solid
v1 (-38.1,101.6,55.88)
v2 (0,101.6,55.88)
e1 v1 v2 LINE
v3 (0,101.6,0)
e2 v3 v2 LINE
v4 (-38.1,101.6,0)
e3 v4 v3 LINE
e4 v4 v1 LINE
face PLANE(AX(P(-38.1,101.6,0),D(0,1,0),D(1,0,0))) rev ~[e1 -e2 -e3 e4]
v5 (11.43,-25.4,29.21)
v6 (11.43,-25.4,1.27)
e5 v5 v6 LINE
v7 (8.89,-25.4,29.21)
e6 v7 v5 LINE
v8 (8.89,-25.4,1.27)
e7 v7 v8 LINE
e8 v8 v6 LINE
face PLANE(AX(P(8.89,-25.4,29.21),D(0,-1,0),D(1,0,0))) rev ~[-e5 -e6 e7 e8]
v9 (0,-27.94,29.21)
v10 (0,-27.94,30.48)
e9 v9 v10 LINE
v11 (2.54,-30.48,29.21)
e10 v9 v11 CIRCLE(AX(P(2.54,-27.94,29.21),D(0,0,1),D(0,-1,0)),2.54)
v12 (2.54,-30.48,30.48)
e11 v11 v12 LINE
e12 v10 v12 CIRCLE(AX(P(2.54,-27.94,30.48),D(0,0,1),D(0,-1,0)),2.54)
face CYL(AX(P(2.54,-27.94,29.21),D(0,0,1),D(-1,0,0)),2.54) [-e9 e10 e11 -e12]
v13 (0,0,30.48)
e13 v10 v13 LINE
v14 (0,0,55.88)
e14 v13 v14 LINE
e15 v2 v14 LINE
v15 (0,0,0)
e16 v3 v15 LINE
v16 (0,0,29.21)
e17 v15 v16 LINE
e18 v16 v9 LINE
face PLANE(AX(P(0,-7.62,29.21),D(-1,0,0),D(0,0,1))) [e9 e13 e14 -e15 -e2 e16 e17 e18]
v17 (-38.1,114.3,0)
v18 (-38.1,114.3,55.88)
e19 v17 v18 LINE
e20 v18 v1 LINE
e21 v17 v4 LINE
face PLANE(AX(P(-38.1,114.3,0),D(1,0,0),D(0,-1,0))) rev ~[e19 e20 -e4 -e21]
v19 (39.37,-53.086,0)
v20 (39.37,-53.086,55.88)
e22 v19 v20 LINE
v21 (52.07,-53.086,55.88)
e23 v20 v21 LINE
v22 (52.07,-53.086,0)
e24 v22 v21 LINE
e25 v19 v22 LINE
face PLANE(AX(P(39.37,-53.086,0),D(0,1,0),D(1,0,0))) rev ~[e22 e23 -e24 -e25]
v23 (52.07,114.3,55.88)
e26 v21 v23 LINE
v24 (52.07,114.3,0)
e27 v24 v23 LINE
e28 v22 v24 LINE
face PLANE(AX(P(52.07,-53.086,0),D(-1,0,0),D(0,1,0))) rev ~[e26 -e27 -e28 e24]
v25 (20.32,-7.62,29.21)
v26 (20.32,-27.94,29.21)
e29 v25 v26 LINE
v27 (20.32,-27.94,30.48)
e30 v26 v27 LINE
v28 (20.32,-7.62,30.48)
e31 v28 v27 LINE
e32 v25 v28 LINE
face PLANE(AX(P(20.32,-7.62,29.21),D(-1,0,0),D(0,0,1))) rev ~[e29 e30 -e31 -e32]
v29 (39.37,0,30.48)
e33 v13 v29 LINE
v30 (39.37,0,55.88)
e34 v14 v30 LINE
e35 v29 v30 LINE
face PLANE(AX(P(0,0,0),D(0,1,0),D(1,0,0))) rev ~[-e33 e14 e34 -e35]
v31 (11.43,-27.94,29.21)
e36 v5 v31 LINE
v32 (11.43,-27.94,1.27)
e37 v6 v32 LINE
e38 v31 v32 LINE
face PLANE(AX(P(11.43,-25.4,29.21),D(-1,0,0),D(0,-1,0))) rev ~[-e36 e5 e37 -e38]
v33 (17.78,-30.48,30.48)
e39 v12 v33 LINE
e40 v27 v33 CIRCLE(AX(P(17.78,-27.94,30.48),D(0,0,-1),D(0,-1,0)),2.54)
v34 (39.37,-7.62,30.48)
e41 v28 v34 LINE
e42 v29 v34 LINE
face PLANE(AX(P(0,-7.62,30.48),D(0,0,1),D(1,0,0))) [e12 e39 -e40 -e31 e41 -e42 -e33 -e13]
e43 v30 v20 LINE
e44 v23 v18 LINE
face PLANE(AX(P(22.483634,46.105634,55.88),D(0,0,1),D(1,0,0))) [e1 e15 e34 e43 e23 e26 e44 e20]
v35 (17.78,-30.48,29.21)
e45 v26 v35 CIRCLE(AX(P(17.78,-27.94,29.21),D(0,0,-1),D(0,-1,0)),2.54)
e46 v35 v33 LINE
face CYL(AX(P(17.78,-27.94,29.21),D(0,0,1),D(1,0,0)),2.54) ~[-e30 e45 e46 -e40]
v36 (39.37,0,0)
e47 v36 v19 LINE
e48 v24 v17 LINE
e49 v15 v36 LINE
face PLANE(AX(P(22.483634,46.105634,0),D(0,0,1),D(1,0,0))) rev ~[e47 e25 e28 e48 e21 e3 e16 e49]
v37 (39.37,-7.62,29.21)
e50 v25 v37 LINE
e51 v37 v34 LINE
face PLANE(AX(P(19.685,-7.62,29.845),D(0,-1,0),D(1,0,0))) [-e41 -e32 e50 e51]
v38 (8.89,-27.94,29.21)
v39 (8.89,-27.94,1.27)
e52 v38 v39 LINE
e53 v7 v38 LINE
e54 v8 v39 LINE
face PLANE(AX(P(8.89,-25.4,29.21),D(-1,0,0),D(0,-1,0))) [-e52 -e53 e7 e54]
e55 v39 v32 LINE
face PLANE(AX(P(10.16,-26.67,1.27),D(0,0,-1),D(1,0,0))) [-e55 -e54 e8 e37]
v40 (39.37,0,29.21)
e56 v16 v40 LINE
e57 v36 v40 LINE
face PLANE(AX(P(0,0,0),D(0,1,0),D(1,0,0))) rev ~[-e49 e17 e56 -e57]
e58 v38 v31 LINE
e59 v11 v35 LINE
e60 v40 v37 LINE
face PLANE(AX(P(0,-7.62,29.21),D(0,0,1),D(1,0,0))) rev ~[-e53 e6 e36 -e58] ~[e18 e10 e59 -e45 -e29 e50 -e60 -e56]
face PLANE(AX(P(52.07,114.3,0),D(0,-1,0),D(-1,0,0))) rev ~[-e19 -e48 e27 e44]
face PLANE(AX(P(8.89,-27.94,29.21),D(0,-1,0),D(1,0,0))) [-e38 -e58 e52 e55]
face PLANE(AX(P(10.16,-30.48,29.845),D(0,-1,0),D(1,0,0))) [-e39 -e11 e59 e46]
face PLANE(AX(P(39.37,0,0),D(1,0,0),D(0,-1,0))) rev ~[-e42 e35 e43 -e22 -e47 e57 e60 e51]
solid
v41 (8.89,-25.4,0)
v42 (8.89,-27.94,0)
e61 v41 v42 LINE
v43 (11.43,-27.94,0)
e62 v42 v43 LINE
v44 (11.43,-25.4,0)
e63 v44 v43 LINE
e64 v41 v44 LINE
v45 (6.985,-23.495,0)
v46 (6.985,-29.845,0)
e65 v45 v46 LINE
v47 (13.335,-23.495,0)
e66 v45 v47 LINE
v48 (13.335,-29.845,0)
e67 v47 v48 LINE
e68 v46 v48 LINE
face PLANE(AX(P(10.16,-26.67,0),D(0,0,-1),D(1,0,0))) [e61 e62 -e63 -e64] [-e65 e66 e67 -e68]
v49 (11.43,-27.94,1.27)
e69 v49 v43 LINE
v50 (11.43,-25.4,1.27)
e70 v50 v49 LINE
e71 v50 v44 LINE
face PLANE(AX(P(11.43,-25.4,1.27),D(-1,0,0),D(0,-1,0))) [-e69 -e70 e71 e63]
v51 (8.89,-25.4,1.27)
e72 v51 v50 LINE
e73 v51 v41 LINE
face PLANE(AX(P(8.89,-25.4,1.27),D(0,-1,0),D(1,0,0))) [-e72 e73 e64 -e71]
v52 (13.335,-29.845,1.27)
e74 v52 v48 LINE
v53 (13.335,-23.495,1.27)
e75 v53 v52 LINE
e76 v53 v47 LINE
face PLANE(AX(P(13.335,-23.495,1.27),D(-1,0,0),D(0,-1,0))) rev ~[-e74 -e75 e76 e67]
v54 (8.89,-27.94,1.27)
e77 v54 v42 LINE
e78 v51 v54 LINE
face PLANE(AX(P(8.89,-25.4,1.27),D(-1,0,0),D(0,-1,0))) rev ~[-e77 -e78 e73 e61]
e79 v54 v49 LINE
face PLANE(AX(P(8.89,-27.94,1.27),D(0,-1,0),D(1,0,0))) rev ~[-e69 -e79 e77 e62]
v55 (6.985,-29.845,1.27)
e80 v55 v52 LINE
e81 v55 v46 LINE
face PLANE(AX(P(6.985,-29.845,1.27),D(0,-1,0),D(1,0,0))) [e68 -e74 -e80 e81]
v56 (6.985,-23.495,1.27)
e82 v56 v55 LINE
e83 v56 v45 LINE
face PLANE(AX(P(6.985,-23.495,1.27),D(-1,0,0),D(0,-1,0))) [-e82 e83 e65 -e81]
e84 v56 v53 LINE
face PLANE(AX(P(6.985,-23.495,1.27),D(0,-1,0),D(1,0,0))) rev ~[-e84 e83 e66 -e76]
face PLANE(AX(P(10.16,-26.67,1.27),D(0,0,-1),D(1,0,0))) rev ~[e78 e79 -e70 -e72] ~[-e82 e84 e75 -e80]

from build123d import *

# Parameters (mm, degrees)
F1_DEPTH  = 55.88
F2_W      = 39.37
F2_H      = 1.27
F3_DEPTH  = 7.62
F4_W      = 20.32
F4_H      = 1.27
F5_DEPTH  = 22.86
F6_R      = 2.54
F7_W      = 2.54
F7_H      = 2.54
F8_DEPTH  = 27.94
F9_W      = 6.35
F9_H      = 6.35
F9_W_2    = 2.54
F9_H_2    = 2.54
F10_DEPTH = 1.27


with BuildPart() as f1:
    # F0 (on Top) → F1 (new body)
    with BuildSketch(Plane.XY):
        Polygon((0, 101.6), (0, 0), (39.37, 0), (39.37, -53.086), (52.07, -53.086), (52.07, 114.3), (-38.1, 114.3), (-38.1, 101.6), align=None)
    extrude(amount=F1_DEPTH)

    # F2 (on face) → F3 (join)
    with BuildSketch(Plane.XZ):
        with Locations((19.685, 29.845)):
            Rectangle(F2_W, F2_H)
    extrude(amount=F3_DEPTH)

    # F4 (on face) → F5 (join)
    with BuildSketch(Plane.XZ.offset(7.62)):
        with Locations((10.16, 29.845)):
            Rectangle(F4_W, F4_H)
    extrude(amount=F5_DEPTH)

    # F6
    f6_edges = [f1.edges().sort_by_distance(p)[0] for p in [
        (0, -30.48, 29.845),
        (20.32, -30.48, 29.845),
    ]]
    fillet(f6_edges, radius=F6_R)

    # F7 (on face) → F8 (join)
    with BuildSketch(Plane(origin=(0, 0, 29.21), x_dir=(1, 0, 0), z_dir=(0, 0, -1))):
        with Locations((10.16, 26.67)):
            Rectangle(F7_W, F7_H)
    extrude(amount=F8_DEPTH)


with BuildPart() as f10:
    # F9 (on face) → F10 (new body)
    with BuildSketch(Plane(origin=(0, 0, 1.27), x_dir=(1, 0, 0), z_dir=(0, 0, -1))):
        with Locations((10.16, 26.67)):
            Rectangle(F9_W, F9_H)
        with Locations((10.16, 26.67)):
            Rectangle(F9_W_2, F9_H_2, mode=Mode.SUBTRACT)
    extrude(amount=F10_DEPTH)


solid = Compound([f1.part, f10.part])
